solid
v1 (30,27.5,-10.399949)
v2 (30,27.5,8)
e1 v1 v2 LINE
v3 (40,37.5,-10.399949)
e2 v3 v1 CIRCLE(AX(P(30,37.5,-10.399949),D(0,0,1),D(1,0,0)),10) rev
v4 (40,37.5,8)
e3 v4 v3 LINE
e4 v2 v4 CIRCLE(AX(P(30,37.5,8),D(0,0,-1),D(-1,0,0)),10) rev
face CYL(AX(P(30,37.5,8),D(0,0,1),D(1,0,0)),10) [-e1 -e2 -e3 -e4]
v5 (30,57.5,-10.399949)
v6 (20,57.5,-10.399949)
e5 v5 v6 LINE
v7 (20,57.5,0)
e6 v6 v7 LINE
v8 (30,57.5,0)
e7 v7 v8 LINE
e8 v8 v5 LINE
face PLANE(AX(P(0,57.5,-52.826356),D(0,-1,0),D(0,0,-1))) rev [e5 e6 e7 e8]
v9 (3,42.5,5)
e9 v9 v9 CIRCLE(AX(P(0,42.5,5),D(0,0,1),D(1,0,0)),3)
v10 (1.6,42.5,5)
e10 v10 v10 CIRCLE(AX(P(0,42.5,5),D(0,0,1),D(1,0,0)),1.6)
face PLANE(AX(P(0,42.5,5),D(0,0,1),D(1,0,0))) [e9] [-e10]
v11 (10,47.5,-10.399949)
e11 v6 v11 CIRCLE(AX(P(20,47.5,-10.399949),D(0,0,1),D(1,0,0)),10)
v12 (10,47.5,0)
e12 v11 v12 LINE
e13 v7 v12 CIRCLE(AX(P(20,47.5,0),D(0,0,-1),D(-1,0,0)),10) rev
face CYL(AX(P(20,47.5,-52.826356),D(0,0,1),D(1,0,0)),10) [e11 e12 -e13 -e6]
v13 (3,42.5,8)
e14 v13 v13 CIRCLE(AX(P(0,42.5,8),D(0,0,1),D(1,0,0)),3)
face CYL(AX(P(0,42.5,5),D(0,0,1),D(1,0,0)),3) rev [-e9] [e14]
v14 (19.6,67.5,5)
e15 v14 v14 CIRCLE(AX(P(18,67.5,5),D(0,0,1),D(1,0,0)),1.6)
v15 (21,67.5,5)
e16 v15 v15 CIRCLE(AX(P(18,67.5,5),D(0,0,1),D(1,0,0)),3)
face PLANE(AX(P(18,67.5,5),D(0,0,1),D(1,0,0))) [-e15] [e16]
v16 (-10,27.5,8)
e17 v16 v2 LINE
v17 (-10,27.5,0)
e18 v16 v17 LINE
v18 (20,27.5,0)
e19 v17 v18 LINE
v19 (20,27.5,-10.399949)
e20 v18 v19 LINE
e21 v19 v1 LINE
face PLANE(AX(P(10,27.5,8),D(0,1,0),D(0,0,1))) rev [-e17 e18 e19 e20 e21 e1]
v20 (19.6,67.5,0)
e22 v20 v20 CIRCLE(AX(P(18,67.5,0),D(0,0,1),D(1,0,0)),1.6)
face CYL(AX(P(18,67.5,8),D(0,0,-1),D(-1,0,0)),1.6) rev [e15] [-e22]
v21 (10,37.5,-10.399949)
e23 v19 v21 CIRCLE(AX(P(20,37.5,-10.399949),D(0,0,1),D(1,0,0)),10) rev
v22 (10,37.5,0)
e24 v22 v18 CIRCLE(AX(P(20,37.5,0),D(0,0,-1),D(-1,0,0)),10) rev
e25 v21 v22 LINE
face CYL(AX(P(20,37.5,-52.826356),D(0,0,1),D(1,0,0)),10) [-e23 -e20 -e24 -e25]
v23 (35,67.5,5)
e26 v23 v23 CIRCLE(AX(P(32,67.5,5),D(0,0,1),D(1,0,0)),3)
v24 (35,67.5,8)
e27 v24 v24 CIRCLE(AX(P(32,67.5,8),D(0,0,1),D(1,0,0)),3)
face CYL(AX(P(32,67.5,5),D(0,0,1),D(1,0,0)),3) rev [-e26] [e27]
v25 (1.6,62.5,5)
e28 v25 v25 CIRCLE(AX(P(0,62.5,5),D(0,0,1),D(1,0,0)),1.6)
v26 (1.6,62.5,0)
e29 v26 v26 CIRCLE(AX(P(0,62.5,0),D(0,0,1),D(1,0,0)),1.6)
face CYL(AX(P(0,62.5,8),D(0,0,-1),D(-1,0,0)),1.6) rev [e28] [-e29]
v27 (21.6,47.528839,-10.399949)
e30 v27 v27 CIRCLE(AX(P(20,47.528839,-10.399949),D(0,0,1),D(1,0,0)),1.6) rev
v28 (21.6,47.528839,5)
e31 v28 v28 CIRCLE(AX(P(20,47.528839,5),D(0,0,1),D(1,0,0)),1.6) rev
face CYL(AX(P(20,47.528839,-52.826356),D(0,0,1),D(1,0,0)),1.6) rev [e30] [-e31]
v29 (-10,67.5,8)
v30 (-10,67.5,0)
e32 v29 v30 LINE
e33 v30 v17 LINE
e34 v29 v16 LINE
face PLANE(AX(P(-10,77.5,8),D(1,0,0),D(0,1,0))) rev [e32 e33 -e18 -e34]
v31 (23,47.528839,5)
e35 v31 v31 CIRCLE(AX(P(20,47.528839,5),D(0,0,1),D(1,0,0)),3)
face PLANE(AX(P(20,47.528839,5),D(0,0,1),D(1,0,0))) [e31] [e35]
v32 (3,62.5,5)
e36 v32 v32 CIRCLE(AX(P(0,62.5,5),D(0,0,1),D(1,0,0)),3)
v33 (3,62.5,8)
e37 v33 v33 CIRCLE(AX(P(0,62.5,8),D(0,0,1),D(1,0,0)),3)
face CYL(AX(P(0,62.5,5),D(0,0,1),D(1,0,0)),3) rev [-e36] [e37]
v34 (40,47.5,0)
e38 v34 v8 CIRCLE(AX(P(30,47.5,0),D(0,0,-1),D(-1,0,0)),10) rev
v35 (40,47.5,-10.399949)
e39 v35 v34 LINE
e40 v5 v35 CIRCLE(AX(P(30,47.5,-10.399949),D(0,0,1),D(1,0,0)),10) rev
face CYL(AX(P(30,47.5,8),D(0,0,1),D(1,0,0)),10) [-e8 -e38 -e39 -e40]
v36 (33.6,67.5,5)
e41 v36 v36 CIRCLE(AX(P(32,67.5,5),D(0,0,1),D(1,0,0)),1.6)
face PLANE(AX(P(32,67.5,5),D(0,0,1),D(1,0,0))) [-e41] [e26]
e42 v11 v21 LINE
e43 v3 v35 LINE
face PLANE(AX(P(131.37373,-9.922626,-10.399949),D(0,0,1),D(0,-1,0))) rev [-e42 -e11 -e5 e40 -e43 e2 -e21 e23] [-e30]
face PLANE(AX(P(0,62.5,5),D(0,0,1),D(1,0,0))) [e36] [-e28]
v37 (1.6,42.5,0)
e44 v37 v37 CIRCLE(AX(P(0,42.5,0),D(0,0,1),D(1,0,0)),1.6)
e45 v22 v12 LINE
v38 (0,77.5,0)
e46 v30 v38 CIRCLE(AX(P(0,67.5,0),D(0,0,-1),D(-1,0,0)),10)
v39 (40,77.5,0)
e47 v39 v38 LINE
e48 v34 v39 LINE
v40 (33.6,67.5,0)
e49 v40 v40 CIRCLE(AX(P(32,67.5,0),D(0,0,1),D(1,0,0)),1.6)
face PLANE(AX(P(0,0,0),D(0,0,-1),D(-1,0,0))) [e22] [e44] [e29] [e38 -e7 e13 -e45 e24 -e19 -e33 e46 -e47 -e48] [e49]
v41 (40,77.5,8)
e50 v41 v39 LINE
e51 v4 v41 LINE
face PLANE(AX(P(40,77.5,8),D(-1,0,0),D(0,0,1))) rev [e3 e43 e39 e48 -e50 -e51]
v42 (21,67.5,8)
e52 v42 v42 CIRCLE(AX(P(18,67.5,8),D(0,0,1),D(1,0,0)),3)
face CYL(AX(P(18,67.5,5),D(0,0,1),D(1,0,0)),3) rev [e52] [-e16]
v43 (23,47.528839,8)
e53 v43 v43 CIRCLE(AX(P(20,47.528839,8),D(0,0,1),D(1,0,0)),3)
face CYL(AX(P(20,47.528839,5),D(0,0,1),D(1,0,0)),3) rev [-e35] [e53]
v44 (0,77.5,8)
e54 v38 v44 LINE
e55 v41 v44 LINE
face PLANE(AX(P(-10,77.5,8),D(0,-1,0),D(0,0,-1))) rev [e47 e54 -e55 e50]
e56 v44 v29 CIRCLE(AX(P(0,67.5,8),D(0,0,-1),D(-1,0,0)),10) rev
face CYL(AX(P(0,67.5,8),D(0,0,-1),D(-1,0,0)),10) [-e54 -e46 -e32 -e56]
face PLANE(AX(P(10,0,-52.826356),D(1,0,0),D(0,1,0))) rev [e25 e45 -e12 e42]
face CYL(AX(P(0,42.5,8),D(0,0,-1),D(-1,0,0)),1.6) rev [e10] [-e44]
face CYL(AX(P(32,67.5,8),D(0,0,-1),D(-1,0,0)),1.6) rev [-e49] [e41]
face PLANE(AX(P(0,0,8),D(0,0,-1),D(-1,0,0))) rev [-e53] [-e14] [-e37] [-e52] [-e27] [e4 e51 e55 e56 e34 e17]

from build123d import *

# Parameters (mm, degrees)
SKETCH_1_R          = 1.6
EXTRUDE_1_DEPTH     = 8
SKETCH_2_R          = 3
CUT_EXTRUDE_1_DEPTH = 3
FILLET_1_R          = 10
EXTRUDE_START       = -18.399949
SKETCH_3_R          = 1.6
EXTRUDE_2_DEPTH     = 18.399949
SKETCH_5_R          = 3
CUT_EXTRUDE_2_DEPTH = 3
FILLET_2_R          = 10


with BuildPart() as part:
    # 草图1 → 凸台-拉伸1 (new body)
    with BuildSketch(Plane.XY):
        Polygon((10, 57.5), (10, 27.5), (-10, 27.5), (-10, 77.5), (40, 77.5), (40, 57.5), align=None)
        with Locations((32, 67.5)):
            Circle(SKETCH_1_R, mode=Mode.SUBTRACT)
        with Locations((18, 67.5)):
            Circle(SKETCH_1_R, mode=Mode.SUBTRACT)
        with Locations((0, 62.5)):
            Circle(SKETCH_1_R, mode=Mode.SUBTRACT)
        with Locations((0, 42.5)):
            Circle(SKETCH_1_R, mode=Mode.SUBTRACT)
    extrude(amount=EXTRUDE_1_DEPTH)

    # 草图2 → 切除-拉伸1 (cut)
    with BuildSketch(Plane.XY.offset(8)):
        with Locations((32, 67.5)):
            Circle(SKETCH_2_R)
        with Locations((18, 67.5)):
            Circle(SKETCH_2_R)
        with Locations((0, 62.5)):
            Circle(SKETCH_2_R)
        with Locations((0, 42.5)):
            Circle(SKETCH_2_R)
    extrude(amount=-CUT_EXTRUDE_1_DEPTH, mode=Mode.SUBTRACT)

    # 圆角1
    fillet_1_edges = [part.edges().sort_by_distance(p)[0] for p in [
        (-10, 77.5, 4),
        (10, 57.5, 4),
    ]]
    fillet(fillet_1_edges, radius=FILLET_1_R)

    # 草图3 → 凸台-拉伸2 (add)
    with BuildSketch(Plane.XY.offset(8).offset(EXTRUDE_START)):
        with BuildLine():
            Line((40, 27.5), (40, 57.5))
            Line((40, 57.5), (20, 57.5))
            ThreePointArc((20, 57.5), (12.939135643, 54.581256565), (10.000041584, 47.528838907))
            ThreePointArc((10.000041584, 47.528838907), (10.000010396, 47.514419468), (10, 47.5))
            Line((10, 47.5), (10, 27.5))
            Line((10, 27.5), (40, 27.5))
        make_face()
        with Locations((20, 47.528839027)):
            Circle(SKETCH_3_R, mode=Mode.SUBTRACT)
    extrude(amount=EXTRUDE_2_DEPTH)

    # 草图5 → 切除-拉伸2 (cut)
    with BuildSketch(Plane.XY.offset(8)):
        with Locations((20, 47.528839027)):
            Circle(SKETCH_5_R)
    extrude(amount=-CUT_EXTRUDE_2_DEPTH, mode=Mode.SUBTRACT)

    # 圆角2
    fillet_2_edges = [part.edges().sort_by_distance(p)[0] for p in [
        (40, 57.5, -5.1999745),
        (10, 27.5, -5.1999745),
        (40, 27.5, -1.1999745),
    ]]
    fillet(fillet_2_edges, radius=FILLET_2_R)


solid = part.part
